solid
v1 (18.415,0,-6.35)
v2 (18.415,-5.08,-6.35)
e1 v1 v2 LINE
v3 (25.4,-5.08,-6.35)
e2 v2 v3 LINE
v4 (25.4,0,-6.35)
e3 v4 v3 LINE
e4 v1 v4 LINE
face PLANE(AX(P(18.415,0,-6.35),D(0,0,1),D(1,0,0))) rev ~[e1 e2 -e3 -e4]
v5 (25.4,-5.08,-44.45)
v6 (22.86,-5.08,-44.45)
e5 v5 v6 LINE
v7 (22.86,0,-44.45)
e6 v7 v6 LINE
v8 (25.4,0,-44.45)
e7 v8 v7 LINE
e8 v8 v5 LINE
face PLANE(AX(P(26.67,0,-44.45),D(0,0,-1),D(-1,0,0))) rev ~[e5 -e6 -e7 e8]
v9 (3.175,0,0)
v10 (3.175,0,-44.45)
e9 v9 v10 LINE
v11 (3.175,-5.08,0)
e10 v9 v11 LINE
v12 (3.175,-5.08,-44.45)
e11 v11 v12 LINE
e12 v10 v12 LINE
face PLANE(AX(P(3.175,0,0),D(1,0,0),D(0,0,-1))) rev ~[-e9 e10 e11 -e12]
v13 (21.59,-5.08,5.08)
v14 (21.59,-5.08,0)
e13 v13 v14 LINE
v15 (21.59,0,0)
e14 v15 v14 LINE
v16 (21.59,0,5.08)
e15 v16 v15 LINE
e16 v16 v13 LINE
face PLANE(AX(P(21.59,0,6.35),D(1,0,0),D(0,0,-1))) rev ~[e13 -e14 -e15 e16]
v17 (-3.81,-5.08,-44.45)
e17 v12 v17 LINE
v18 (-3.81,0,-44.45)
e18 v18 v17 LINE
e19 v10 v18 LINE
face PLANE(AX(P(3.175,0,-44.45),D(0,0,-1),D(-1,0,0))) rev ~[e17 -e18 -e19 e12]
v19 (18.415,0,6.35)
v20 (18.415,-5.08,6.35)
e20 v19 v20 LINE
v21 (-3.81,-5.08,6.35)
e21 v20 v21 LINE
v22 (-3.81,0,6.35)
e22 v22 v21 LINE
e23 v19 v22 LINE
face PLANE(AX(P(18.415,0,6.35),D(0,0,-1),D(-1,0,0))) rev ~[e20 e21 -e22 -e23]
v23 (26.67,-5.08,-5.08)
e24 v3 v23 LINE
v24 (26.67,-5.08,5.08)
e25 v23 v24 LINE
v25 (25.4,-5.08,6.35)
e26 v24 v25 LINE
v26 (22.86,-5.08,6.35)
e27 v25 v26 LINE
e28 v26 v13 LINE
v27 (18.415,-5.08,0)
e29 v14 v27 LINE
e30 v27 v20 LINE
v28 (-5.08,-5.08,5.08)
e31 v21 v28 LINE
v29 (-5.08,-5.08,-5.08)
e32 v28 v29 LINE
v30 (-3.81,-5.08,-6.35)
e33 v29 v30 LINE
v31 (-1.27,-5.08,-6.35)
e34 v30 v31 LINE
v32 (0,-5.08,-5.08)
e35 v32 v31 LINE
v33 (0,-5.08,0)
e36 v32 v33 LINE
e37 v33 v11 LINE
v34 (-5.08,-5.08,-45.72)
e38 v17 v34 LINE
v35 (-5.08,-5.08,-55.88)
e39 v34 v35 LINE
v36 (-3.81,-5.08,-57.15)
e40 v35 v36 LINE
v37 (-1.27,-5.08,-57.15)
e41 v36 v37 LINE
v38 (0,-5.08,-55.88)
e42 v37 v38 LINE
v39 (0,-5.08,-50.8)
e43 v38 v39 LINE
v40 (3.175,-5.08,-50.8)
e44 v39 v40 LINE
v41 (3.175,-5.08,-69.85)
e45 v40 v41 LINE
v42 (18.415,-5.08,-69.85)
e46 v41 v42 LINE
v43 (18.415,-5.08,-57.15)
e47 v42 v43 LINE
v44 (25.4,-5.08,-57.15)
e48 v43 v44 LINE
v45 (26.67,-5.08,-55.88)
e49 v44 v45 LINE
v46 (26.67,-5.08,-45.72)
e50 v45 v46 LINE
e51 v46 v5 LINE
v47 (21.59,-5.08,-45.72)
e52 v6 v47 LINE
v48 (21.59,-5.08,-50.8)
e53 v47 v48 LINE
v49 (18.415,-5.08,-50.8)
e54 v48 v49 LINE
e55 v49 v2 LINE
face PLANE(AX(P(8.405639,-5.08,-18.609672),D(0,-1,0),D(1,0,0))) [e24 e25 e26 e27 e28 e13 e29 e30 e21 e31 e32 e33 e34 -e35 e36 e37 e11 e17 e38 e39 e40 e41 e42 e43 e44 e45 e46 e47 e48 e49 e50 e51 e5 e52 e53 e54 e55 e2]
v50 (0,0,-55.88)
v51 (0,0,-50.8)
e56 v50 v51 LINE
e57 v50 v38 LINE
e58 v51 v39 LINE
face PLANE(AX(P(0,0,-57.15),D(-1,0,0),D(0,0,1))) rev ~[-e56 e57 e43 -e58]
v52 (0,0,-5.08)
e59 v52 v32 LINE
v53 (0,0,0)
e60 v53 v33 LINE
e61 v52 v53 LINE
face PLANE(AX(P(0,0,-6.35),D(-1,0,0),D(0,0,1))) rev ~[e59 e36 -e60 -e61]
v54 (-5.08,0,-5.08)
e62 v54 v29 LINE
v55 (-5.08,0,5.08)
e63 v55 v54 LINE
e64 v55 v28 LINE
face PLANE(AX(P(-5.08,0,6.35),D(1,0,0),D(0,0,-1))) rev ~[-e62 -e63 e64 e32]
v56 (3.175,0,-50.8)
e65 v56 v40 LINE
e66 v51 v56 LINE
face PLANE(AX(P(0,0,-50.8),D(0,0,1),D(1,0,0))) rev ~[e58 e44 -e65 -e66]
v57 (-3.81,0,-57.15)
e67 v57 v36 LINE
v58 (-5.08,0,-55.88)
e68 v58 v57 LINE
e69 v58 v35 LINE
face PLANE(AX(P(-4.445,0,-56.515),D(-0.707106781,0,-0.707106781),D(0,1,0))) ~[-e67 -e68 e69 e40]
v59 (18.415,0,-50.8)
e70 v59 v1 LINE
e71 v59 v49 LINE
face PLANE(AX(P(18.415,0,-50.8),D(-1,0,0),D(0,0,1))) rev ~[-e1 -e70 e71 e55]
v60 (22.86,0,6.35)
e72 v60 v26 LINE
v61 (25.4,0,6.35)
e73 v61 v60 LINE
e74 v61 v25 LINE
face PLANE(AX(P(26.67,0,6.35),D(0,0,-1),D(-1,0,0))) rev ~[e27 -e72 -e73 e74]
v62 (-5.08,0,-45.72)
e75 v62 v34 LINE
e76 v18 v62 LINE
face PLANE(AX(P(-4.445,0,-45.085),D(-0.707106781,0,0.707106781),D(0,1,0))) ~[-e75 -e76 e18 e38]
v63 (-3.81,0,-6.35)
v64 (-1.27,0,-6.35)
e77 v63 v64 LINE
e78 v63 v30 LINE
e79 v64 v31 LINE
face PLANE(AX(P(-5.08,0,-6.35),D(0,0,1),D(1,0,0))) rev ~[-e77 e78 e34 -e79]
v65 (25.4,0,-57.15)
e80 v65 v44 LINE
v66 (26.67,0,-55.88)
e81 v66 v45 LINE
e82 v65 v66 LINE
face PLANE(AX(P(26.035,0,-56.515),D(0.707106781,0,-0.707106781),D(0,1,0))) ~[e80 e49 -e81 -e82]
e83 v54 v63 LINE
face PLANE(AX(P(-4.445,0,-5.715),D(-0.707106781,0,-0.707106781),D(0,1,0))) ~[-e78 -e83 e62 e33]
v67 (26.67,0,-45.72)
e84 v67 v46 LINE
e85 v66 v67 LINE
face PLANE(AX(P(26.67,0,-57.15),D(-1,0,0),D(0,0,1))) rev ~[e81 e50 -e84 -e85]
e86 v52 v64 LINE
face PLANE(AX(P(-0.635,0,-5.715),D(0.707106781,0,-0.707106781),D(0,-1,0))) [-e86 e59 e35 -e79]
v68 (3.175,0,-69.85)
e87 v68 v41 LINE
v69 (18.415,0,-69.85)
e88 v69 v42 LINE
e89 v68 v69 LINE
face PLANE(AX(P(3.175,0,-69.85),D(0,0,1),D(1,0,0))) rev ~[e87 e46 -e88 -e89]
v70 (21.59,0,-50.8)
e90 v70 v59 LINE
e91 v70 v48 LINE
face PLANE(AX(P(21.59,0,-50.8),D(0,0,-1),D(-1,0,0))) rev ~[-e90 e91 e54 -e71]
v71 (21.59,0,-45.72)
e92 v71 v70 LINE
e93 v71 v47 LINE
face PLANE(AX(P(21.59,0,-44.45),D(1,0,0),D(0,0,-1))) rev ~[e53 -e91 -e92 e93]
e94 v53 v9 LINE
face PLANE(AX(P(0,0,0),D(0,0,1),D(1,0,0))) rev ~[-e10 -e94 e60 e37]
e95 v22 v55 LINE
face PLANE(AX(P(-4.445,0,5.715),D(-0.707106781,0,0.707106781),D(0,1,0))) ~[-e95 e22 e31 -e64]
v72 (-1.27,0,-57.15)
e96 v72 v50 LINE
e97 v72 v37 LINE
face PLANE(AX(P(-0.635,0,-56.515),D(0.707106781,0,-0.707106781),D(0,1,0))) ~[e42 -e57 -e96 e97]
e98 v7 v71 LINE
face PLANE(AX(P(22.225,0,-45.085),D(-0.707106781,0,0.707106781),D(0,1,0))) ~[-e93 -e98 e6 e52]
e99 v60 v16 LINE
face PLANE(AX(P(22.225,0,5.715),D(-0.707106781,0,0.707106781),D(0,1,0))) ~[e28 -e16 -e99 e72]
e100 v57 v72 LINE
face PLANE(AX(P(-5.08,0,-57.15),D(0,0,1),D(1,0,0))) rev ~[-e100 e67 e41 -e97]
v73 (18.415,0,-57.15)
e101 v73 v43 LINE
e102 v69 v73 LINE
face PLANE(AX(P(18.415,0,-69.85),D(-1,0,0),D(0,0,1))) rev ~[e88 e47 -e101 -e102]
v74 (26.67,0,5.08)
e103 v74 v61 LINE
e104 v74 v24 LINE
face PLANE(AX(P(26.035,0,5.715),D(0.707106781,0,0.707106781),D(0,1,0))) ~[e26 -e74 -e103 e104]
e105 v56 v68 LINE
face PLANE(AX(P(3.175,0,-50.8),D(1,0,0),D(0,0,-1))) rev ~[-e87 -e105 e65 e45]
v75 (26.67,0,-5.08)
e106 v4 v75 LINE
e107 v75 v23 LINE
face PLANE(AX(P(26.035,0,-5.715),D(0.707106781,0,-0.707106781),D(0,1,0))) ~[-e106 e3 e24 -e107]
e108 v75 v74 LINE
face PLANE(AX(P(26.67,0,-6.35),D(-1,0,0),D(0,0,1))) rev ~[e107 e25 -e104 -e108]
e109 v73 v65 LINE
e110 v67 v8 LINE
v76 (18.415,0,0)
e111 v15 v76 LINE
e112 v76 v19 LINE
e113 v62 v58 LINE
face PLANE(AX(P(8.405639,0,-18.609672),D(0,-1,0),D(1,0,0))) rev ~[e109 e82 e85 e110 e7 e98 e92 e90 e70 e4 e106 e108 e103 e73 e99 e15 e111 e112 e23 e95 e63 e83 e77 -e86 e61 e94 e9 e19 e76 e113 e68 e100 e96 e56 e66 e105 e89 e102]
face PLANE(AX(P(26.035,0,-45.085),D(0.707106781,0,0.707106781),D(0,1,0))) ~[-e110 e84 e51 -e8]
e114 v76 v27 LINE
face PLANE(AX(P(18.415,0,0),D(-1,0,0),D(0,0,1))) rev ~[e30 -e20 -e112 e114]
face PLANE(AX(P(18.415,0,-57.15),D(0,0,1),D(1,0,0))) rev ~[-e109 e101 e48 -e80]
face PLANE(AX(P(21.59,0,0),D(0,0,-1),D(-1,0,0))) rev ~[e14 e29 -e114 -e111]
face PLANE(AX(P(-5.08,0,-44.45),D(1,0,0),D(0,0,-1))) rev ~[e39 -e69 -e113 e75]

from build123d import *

# Parameters (mm, degrees)
F1_DEPTH = 5.08
F2_SIZE  = 1.27


with BuildPart() as f1:
    # F0 (on Front) → F1 (new body)
    with BuildSketch(Plane.XZ):
        Polygon((0, -6.35), (0, 0), (3.175, 0), (3.175, -44.45), (3.175, -50.8), (18.415, -50.8), (18.415, -6.35), (18.415, 0), (18.415, 6.35), (3.175, 6.35), (-5.08, 6.35), (-5.08, -6.35), align=None)
        Polygon((3.175, -50.8), (3.175, -44.45), (-5.08, -44.45), (-5.08, -57.15), (0, -57.15), (0, -50.8), (0.926509, -50.8), align=None)
        Polygon((18.415, -50.8), (3.175, -50.8), (3.175, -69.85), (18.415, -69.85), (18.415, -57.15), align=None)
        Polygon((21.59, -50.8), (18.415, -50.8), (18.415, -57.15), (26.67, -57.15), (26.67, -44.45), (21.59, -44.45), align=None)
        Polygon((18.415, 0), (18.415, -6.35), (26.67, -6.35), (26.67, 6.35), (21.59, 6.35), (21.59, 0), align=None)
    extrude(amount=F1_DEPTH)

    # F2
    f2_edges = [f1.edges().sort_by_distance(p)[0] for p in [
        (21.59, -2.54, 6.35),
        (26.67, -2.54, 6.35),
        (26.67, -2.54, -6.35),
        (0, -2.54, -6.35),
        (-5.08, -2.54, -6.35),
        (-5.08, -2.54, 6.35),
        (26.67, -2.54, -44.45),
        (21.59, -2.54, -44.45),
        (26.67, -2.54, -57.15),
        (-5.08, -2.54, -44.45),
        (-5.08, -2.54, -57.15),
        (0, -2.54, -57.15),
    ]]
    chamfer(f2_edges, length=F2_SIZE)


solid = f1.part
